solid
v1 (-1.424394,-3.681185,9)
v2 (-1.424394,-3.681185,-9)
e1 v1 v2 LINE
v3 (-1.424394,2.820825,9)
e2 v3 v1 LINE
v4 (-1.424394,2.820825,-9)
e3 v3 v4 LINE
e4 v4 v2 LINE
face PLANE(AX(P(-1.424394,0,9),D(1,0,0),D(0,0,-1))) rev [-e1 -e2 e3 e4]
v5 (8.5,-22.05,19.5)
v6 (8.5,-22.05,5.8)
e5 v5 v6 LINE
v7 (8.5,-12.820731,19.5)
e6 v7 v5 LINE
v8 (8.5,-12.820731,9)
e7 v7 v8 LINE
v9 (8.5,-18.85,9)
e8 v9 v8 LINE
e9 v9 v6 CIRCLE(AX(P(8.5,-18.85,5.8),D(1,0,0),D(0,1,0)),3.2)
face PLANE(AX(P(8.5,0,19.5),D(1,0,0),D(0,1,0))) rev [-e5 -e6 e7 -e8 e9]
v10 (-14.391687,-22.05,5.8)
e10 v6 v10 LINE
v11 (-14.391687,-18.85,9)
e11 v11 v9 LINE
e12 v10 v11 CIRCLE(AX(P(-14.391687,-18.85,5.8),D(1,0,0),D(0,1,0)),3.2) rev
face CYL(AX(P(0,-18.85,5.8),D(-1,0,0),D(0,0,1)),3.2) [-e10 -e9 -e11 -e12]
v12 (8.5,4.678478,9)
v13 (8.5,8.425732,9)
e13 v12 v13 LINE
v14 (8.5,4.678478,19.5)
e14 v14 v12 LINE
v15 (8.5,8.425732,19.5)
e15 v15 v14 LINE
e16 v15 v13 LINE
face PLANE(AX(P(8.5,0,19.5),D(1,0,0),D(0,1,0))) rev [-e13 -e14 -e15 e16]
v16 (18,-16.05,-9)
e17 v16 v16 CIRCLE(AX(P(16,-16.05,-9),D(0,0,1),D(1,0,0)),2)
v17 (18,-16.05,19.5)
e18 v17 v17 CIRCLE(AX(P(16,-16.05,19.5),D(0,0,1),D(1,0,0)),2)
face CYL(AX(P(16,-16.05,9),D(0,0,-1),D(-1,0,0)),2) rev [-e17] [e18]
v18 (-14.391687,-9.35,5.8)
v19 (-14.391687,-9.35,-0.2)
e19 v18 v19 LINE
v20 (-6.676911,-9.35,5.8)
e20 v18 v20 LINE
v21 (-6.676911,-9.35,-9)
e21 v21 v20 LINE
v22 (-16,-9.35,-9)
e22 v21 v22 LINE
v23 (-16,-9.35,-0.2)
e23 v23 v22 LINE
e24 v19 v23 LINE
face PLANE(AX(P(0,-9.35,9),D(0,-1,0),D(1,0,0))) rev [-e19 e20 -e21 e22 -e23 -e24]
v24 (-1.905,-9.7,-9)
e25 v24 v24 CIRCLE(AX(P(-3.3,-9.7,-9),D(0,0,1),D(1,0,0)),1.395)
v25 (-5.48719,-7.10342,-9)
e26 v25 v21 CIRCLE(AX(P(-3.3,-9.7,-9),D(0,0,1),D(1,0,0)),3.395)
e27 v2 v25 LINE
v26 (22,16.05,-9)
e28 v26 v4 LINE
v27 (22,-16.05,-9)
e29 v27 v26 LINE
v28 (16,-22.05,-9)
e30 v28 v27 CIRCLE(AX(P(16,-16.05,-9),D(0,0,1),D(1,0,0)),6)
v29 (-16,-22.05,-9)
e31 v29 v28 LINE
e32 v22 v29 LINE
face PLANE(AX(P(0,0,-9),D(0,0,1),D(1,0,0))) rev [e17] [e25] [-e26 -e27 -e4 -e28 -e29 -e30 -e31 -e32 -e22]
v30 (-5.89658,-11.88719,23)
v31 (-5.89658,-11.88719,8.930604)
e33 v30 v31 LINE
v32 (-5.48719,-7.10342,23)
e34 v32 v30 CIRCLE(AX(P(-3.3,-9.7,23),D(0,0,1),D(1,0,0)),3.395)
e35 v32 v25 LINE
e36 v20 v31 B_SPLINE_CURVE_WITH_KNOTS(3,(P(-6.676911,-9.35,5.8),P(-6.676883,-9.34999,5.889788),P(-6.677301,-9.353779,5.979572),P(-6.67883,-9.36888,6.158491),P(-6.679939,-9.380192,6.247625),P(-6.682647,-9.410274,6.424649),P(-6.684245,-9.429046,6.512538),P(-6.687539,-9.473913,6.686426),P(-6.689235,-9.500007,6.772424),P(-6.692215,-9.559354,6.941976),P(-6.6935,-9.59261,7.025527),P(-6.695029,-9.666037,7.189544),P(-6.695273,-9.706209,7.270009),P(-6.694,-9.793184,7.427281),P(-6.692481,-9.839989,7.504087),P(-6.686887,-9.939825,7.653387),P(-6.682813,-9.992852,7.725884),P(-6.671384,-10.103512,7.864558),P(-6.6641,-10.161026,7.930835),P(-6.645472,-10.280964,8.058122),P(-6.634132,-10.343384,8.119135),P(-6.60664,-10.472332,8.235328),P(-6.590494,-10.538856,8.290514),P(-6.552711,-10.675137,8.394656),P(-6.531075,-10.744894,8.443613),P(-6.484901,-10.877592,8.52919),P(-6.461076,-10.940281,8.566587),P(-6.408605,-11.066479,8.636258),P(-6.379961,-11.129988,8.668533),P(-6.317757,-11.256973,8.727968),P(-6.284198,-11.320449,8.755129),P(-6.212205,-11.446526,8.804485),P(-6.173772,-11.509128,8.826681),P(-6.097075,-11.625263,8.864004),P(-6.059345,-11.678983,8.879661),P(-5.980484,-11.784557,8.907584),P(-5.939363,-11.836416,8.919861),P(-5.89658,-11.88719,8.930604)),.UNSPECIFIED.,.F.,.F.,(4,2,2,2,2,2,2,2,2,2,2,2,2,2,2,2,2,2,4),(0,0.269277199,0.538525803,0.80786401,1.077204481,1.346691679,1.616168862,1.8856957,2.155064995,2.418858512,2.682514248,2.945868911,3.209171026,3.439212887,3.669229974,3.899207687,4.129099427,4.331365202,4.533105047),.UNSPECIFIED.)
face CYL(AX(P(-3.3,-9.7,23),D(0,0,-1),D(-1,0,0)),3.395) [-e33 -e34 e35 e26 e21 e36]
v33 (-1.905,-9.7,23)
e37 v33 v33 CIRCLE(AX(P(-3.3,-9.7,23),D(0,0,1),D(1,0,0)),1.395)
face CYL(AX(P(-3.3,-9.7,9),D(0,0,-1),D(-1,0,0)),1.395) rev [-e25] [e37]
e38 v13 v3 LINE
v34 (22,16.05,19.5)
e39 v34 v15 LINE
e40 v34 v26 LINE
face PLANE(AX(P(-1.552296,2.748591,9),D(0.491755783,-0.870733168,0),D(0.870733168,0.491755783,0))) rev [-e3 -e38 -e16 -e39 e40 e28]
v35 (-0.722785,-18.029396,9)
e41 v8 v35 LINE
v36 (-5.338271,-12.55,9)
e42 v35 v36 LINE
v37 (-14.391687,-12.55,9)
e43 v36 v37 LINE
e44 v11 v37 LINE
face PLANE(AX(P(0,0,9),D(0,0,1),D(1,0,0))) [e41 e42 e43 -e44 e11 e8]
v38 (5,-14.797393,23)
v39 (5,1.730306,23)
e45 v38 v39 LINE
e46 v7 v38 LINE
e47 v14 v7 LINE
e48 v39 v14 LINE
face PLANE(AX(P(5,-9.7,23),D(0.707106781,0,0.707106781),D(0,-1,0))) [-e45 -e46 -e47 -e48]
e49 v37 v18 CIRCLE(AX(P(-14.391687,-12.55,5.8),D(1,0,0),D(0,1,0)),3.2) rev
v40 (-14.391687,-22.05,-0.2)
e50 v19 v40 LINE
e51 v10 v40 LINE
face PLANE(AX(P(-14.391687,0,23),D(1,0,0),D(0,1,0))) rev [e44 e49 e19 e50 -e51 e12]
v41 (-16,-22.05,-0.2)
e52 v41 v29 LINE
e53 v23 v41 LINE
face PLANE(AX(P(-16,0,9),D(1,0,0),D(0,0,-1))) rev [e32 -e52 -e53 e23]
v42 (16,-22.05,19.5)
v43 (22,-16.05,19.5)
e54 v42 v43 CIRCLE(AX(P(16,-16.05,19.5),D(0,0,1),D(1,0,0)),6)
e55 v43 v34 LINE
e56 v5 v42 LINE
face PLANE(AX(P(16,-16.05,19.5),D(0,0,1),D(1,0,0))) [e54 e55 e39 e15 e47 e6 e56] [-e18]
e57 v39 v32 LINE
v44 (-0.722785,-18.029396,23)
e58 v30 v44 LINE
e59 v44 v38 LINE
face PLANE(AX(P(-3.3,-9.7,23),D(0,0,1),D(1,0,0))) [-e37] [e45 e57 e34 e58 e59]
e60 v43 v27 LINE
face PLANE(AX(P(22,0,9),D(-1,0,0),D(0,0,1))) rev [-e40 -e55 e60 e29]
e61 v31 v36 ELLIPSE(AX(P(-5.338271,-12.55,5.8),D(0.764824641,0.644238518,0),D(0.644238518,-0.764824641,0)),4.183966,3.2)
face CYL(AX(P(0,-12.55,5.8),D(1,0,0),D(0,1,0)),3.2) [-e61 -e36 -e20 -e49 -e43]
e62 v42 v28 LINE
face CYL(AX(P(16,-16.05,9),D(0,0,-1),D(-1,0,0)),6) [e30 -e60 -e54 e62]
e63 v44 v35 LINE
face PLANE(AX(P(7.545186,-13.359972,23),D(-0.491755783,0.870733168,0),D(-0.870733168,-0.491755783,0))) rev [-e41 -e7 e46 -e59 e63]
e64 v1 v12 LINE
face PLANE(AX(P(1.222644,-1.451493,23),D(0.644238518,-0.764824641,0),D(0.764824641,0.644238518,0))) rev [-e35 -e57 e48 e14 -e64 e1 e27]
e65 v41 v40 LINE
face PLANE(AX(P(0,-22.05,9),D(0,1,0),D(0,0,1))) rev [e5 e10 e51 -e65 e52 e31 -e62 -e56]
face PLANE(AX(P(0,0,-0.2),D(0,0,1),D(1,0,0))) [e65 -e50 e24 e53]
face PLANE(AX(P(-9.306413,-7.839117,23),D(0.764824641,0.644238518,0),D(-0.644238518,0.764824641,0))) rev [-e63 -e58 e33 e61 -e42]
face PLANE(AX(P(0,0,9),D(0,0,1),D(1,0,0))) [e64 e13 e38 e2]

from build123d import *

# Parameters (mm, degrees)
SKETCH8_R           = 2
BOSS_EXTRUDE6_DEPTH = 9
BOSS_EXTRUDE7_START = -9
SKETCH9_R           = 1.395
BOSS_EXTRUDE7_DEPTH = 32
CHAMFER3_SIZE       = 3.5
BOSS_EXTRUDE8_START = -9
SKETCH11_R          = 2
BOSS_EXTRUDE8_DEPTH = 28.5
CUT_EXTRUDE1_START  = -0.2
CUT_EXTRUDE1_DEPTH  = 24.2
FILLET5_R           = 3.2


with BuildPart() as part:
    # Sketch8 → Boss-Extrude6 (new body, symmetric)
    with BuildSketch(Plane.XY):
        with BuildLine():
            Line((-16, -16.195281799), (-16, -22.05))
            Line((-16, -22.05), (16, -22.05))
            ThreePointArc((16, -22.05), (20.242640687, -20.292640687), (22, -16.05))
            Line((22, -16.05), (22, 16.05))
            Line((22, 16.05), (-1.424393869, 2.820825363))
            Line((-1.424393869, 2.820825363), (-1.424393869, -9.35))
            Line((-1.424393869, -9.35), (-1.949620424, -9.35))
            ThreePointArc((-1.949620424, -9.35), (-3.3, -11.095), (-4.650379576, -9.35))
            Line((-4.650379576, -9.35), (-16, -9.35))
            Line((-16, -9.35), (-16, -16.195281799))
        make_face()
        with Locations((16, -16.05)):
            Circle(SKETCH8_R, mode=Mode.SUBTRACT)
    extrude(amount=BOSS_EXTRUDE6_DEPTH, both=True)

    # Sketch9 → Boss-Extrude7 (add)
    with BuildSketch(Plane.XY.offset(BOSS_EXTRUDE7_START)):
        with BuildLine():
            Line((8.5, 4.678478311), (-5.487189769, -7.103420343))
            ThreePointArc((-5.487189769, -7.103420343), (-6.682635801, -9.410517634), (-5.896579657, -11.887189769))
            Line((-5.896579657, -11.887189769), (-0.72278451, -18.029396273))
            Line((-0.72278451, -18.029396273), (8.5, -12.820730998))
            Line((8.5, -12.820730998), (8.5, 4.678478311))
        make_face()
        with Locations((-3.3, -9.7)):
            Circle(SKETCH9_R, mode=Mode.SUBTRACT)
    extrude(amount=BOSS_EXTRUDE7_DEPTH)

    # Chamfer3
    chamfer3_edges = [part.edges().sort_by_distance(p)[0] for p in [
        (8.5, -4.071126344, 23),
    ]]
    chamfer(chamfer3_edges, length=CHAMFER3_SIZE)

    # Sketch11 → Boss-Extrude8 (add)
    with BuildSketch(Plane.XY.offset(BOSS_EXTRUDE8_START)):
        with BuildLine():
            Line((8.5, 8.425731957), (8.5, -22.05))
            Line((8.5, -22.05), (16, -22.05))
            ThreePointArc((16, -22.05), (20.242640687, -20.292640687), (22, -16.05))
            Line((22, -16.05), (22, 16.05))
            Line((22, 16.05), (8.5, 8.425731957))
        make_face()
        with Locations((16, -16.05)):
            Circle(SKETCH11_R, mode=Mode.SUBTRACT)
    extrude(amount=BOSS_EXTRUDE8_DEPTH)

    # Sketch8<4> → Cut-Extrude1 (cut, through all)
    with BuildSketch(Plane.XY.offset(CUT_EXTRUDE1_START)):
        Polygon((-16, -16.195281799), (-16, -22.05), (-14.391687016, -22.05), (-14.391687016, -9.35), (-16, -9.35), align=None)
    extrude(amount=CUT_EXTRUDE1_DEPTH, mode=Mode.SUBTRACT)

    # Fillet5
    fillet5_edges = [part.edges().sort_by_distance(p)[0] for p in [
        (-10.534298793, -9.35, 9),
        (-2.945843508, -22.05, 9),
    ]]
    fillet(fillet5_edges, radius=FILLET5_R)


solid = part.part
